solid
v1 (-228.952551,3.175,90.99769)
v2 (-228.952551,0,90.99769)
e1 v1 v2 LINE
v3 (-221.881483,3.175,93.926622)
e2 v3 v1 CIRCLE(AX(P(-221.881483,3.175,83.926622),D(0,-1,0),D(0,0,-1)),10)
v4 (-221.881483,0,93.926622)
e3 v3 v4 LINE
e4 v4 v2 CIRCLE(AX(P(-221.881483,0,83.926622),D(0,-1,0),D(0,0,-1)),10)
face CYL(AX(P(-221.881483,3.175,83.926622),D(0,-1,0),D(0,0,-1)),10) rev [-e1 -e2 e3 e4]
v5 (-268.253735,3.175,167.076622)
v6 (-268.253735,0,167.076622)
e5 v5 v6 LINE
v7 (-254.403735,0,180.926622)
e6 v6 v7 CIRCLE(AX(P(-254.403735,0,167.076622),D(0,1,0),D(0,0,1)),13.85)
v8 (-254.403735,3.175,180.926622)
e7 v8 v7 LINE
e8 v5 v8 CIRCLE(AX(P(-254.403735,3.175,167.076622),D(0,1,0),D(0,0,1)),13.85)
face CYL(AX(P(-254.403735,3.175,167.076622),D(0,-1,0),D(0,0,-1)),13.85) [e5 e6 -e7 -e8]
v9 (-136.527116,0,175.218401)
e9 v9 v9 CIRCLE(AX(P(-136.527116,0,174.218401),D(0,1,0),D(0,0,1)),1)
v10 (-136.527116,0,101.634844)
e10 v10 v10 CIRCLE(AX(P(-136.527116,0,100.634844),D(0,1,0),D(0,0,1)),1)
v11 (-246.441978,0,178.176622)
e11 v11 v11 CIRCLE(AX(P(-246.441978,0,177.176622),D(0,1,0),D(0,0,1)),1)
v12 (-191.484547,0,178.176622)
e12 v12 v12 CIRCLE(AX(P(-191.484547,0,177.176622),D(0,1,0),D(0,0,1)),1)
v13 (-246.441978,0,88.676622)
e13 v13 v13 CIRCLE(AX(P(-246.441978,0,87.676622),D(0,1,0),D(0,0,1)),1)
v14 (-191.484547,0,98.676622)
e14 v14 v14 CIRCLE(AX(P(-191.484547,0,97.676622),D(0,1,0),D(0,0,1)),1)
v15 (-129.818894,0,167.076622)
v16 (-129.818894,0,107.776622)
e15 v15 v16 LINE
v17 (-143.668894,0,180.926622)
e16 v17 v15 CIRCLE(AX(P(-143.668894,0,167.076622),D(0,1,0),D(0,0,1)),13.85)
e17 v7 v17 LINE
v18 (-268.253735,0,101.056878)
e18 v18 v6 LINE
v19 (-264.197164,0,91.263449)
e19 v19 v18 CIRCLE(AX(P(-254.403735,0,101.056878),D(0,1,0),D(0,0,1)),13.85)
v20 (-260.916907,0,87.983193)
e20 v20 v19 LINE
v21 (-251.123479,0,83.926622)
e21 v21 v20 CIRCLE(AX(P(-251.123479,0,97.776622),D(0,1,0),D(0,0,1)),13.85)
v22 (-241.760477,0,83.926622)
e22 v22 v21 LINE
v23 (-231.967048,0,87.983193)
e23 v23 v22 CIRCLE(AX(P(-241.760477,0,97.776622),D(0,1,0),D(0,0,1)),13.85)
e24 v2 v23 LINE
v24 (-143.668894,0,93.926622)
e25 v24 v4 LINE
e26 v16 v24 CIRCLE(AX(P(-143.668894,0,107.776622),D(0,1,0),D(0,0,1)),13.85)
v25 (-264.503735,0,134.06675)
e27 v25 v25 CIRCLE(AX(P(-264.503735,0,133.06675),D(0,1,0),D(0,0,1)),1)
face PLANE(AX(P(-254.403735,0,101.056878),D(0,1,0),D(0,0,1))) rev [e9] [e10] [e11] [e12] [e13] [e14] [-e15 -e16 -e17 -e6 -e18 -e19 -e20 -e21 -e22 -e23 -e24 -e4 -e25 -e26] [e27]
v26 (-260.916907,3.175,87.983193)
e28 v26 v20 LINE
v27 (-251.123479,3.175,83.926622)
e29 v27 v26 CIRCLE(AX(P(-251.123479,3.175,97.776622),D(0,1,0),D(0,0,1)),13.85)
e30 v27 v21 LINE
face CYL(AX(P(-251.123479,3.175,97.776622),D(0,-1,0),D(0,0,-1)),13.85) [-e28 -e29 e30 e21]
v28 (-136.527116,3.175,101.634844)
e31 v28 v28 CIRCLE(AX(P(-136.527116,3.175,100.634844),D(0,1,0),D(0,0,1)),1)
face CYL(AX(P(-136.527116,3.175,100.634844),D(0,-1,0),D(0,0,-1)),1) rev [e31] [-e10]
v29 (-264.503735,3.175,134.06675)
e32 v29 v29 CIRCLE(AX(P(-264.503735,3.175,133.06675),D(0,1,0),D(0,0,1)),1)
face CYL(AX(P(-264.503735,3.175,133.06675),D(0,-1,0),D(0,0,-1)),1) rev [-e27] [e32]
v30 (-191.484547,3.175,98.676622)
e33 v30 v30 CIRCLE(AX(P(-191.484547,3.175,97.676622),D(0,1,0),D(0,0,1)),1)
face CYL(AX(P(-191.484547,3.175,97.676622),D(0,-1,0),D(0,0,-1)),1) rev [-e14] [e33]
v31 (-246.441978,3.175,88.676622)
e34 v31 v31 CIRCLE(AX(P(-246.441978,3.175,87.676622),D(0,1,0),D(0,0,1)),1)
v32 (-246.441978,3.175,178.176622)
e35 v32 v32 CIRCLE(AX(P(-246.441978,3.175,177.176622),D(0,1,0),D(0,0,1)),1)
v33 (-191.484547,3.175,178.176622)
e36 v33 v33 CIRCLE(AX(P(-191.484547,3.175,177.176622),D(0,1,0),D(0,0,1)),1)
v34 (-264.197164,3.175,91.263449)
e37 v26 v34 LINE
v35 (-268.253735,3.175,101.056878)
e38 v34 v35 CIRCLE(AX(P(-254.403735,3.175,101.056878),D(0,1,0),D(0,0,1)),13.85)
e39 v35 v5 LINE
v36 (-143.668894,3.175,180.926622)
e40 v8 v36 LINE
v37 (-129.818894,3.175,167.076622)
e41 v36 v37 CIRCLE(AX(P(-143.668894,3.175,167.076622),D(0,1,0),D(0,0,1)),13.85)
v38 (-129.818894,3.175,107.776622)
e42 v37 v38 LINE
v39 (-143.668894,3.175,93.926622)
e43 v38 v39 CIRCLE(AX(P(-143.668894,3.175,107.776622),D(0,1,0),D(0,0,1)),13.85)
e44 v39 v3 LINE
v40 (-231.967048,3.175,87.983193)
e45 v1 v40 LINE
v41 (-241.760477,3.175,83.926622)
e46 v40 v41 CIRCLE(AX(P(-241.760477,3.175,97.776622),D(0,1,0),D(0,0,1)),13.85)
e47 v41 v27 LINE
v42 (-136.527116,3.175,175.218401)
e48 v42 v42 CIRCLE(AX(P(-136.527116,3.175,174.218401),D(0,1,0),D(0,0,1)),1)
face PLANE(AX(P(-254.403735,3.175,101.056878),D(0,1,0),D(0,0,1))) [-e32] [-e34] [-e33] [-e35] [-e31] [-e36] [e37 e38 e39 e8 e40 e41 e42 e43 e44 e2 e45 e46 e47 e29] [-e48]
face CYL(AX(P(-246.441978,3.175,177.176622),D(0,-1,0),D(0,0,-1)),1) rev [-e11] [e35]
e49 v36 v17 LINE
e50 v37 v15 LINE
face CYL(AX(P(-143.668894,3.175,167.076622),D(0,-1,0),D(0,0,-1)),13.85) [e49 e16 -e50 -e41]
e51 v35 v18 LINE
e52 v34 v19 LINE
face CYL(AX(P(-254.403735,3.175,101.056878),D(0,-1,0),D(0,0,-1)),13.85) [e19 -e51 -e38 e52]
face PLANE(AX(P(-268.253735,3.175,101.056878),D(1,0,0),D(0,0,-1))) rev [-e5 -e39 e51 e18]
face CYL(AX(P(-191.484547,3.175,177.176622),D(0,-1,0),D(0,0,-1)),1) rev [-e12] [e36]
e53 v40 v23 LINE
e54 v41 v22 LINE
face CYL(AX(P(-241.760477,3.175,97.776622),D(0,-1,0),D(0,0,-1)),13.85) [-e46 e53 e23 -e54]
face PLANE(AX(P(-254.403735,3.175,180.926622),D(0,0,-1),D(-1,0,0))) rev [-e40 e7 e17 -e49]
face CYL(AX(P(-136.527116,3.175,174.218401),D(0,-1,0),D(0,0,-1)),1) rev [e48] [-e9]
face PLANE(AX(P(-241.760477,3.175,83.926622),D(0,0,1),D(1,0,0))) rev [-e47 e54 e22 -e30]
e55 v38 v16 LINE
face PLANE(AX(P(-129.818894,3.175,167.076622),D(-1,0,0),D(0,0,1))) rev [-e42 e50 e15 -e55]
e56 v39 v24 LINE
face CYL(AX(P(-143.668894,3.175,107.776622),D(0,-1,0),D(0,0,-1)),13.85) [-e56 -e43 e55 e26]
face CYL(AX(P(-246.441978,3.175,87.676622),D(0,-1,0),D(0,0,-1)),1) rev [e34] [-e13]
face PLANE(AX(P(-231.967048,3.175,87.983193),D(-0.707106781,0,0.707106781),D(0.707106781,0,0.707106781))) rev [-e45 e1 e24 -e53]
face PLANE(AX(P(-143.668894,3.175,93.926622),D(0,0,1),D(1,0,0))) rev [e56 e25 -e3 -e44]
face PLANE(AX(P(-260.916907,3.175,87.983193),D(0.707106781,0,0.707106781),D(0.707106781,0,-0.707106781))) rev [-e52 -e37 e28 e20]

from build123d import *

# Parameters (mm, degrees)
SKETCH1_R           = 1
BOSS_EXTRUDE1_DEPTH = 3.175


with BuildPart() as part:
    # Sketch1 → Boss-Extrude1 (new body)
    with BuildSketch(Plane(origin=(0, 0, 0), x_dir=(1, 0, 0), z_dir=(0, 1, 0))):
        with BuildLine():
            Line((-268.253734697, -101.056878234), (-268.253734697, -167.076622113))
            ThreePointArc((-268.253734697, -167.076622113), (-264.197163616, -176.870051033), (-254.403734697, -180.926622113))
            Line((-254.403734697, -180.926622113), (-143.66889433, -180.926622113))
            ThreePointArc((-143.66889433, -180.926622113), (-133.87546541, -176.870051033), (-129.81889433, -167.076622113))
            Line((-129.81889433, -167.076622113), (-129.81889433, -107.776622113))
            ThreePointArc((-129.81889433, -107.776622113), (-133.87546541, -97.983193194), (-143.66889433, -93.926622113))
            Line((-143.66889433, -93.926622113), (-221.881483076, -93.926622113))
            ThreePointArc((-221.881483076, -93.926622113), (-225.7083174, -93.165417438), (-228.952550888, -90.997689925))
            Line((-228.952550888, -90.997689925), (-231.967047619, -87.983193194))
            ThreePointArc((-231.967047619, -87.983193194), (-236.460311001, -84.980890588), (-241.760476539, -83.926622113))
            Line((-241.760476539, -83.926622113), (-251.123478576, -83.926622113))
            ThreePointArc((-251.123478576, -83.926622113), (-256.423644114, -84.980890588), (-260.916907495, -87.983193194))
            Line((-260.916907495, -87.983193194), (-264.197163616, -91.263449315))
            ThreePointArc((-264.197163616, -91.263449315), (-267.199466222, -95.756712696), (-268.253734697, -101.056878234))
        make_face()
        with Locations(Location((-246.441977557, -177.176622113, 0), (0, 0, 270))):
            Circle(SKETCH1_R, mode=Mode.SUBTRACT)
        with Locations(Location((-264.503734697, -133.066750174, 0), (0, 0, 270))):
            Circle(SKETCH1_R, mode=Mode.SUBTRACT)
        with Locations(Location((-246.441977557, -87.676622113, 0), (0, 0, 270))):
            Circle(SKETCH1_R, mode=Mode.SUBTRACT)
        with Locations(Location((-191.484546698, -97.676622113, 0), (0, 0, 270))):
            Circle(SKETCH1_R, mode=Mode.SUBTRACT)
        with Locations(Location((-136.52711584, -100.634843623, 0), (0, 0, 270))):
            Circle(SKETCH1_R, mode=Mode.SUBTRACT)
        with Locations(Location((-136.52711584, -174.218400603, 0), (0, 0, 270))):
            Circle(SKETCH1_R, mode=Mode.SUBTRACT)
        with Locations(Location((-191.484546698, -177.176622113, 0), (0, 0, 270))):
            Circle(SKETCH1_R, mode=Mode.SUBTRACT)
    extrude(amount=BOSS_EXTRUDE1_DEPTH)


solid = part.part
